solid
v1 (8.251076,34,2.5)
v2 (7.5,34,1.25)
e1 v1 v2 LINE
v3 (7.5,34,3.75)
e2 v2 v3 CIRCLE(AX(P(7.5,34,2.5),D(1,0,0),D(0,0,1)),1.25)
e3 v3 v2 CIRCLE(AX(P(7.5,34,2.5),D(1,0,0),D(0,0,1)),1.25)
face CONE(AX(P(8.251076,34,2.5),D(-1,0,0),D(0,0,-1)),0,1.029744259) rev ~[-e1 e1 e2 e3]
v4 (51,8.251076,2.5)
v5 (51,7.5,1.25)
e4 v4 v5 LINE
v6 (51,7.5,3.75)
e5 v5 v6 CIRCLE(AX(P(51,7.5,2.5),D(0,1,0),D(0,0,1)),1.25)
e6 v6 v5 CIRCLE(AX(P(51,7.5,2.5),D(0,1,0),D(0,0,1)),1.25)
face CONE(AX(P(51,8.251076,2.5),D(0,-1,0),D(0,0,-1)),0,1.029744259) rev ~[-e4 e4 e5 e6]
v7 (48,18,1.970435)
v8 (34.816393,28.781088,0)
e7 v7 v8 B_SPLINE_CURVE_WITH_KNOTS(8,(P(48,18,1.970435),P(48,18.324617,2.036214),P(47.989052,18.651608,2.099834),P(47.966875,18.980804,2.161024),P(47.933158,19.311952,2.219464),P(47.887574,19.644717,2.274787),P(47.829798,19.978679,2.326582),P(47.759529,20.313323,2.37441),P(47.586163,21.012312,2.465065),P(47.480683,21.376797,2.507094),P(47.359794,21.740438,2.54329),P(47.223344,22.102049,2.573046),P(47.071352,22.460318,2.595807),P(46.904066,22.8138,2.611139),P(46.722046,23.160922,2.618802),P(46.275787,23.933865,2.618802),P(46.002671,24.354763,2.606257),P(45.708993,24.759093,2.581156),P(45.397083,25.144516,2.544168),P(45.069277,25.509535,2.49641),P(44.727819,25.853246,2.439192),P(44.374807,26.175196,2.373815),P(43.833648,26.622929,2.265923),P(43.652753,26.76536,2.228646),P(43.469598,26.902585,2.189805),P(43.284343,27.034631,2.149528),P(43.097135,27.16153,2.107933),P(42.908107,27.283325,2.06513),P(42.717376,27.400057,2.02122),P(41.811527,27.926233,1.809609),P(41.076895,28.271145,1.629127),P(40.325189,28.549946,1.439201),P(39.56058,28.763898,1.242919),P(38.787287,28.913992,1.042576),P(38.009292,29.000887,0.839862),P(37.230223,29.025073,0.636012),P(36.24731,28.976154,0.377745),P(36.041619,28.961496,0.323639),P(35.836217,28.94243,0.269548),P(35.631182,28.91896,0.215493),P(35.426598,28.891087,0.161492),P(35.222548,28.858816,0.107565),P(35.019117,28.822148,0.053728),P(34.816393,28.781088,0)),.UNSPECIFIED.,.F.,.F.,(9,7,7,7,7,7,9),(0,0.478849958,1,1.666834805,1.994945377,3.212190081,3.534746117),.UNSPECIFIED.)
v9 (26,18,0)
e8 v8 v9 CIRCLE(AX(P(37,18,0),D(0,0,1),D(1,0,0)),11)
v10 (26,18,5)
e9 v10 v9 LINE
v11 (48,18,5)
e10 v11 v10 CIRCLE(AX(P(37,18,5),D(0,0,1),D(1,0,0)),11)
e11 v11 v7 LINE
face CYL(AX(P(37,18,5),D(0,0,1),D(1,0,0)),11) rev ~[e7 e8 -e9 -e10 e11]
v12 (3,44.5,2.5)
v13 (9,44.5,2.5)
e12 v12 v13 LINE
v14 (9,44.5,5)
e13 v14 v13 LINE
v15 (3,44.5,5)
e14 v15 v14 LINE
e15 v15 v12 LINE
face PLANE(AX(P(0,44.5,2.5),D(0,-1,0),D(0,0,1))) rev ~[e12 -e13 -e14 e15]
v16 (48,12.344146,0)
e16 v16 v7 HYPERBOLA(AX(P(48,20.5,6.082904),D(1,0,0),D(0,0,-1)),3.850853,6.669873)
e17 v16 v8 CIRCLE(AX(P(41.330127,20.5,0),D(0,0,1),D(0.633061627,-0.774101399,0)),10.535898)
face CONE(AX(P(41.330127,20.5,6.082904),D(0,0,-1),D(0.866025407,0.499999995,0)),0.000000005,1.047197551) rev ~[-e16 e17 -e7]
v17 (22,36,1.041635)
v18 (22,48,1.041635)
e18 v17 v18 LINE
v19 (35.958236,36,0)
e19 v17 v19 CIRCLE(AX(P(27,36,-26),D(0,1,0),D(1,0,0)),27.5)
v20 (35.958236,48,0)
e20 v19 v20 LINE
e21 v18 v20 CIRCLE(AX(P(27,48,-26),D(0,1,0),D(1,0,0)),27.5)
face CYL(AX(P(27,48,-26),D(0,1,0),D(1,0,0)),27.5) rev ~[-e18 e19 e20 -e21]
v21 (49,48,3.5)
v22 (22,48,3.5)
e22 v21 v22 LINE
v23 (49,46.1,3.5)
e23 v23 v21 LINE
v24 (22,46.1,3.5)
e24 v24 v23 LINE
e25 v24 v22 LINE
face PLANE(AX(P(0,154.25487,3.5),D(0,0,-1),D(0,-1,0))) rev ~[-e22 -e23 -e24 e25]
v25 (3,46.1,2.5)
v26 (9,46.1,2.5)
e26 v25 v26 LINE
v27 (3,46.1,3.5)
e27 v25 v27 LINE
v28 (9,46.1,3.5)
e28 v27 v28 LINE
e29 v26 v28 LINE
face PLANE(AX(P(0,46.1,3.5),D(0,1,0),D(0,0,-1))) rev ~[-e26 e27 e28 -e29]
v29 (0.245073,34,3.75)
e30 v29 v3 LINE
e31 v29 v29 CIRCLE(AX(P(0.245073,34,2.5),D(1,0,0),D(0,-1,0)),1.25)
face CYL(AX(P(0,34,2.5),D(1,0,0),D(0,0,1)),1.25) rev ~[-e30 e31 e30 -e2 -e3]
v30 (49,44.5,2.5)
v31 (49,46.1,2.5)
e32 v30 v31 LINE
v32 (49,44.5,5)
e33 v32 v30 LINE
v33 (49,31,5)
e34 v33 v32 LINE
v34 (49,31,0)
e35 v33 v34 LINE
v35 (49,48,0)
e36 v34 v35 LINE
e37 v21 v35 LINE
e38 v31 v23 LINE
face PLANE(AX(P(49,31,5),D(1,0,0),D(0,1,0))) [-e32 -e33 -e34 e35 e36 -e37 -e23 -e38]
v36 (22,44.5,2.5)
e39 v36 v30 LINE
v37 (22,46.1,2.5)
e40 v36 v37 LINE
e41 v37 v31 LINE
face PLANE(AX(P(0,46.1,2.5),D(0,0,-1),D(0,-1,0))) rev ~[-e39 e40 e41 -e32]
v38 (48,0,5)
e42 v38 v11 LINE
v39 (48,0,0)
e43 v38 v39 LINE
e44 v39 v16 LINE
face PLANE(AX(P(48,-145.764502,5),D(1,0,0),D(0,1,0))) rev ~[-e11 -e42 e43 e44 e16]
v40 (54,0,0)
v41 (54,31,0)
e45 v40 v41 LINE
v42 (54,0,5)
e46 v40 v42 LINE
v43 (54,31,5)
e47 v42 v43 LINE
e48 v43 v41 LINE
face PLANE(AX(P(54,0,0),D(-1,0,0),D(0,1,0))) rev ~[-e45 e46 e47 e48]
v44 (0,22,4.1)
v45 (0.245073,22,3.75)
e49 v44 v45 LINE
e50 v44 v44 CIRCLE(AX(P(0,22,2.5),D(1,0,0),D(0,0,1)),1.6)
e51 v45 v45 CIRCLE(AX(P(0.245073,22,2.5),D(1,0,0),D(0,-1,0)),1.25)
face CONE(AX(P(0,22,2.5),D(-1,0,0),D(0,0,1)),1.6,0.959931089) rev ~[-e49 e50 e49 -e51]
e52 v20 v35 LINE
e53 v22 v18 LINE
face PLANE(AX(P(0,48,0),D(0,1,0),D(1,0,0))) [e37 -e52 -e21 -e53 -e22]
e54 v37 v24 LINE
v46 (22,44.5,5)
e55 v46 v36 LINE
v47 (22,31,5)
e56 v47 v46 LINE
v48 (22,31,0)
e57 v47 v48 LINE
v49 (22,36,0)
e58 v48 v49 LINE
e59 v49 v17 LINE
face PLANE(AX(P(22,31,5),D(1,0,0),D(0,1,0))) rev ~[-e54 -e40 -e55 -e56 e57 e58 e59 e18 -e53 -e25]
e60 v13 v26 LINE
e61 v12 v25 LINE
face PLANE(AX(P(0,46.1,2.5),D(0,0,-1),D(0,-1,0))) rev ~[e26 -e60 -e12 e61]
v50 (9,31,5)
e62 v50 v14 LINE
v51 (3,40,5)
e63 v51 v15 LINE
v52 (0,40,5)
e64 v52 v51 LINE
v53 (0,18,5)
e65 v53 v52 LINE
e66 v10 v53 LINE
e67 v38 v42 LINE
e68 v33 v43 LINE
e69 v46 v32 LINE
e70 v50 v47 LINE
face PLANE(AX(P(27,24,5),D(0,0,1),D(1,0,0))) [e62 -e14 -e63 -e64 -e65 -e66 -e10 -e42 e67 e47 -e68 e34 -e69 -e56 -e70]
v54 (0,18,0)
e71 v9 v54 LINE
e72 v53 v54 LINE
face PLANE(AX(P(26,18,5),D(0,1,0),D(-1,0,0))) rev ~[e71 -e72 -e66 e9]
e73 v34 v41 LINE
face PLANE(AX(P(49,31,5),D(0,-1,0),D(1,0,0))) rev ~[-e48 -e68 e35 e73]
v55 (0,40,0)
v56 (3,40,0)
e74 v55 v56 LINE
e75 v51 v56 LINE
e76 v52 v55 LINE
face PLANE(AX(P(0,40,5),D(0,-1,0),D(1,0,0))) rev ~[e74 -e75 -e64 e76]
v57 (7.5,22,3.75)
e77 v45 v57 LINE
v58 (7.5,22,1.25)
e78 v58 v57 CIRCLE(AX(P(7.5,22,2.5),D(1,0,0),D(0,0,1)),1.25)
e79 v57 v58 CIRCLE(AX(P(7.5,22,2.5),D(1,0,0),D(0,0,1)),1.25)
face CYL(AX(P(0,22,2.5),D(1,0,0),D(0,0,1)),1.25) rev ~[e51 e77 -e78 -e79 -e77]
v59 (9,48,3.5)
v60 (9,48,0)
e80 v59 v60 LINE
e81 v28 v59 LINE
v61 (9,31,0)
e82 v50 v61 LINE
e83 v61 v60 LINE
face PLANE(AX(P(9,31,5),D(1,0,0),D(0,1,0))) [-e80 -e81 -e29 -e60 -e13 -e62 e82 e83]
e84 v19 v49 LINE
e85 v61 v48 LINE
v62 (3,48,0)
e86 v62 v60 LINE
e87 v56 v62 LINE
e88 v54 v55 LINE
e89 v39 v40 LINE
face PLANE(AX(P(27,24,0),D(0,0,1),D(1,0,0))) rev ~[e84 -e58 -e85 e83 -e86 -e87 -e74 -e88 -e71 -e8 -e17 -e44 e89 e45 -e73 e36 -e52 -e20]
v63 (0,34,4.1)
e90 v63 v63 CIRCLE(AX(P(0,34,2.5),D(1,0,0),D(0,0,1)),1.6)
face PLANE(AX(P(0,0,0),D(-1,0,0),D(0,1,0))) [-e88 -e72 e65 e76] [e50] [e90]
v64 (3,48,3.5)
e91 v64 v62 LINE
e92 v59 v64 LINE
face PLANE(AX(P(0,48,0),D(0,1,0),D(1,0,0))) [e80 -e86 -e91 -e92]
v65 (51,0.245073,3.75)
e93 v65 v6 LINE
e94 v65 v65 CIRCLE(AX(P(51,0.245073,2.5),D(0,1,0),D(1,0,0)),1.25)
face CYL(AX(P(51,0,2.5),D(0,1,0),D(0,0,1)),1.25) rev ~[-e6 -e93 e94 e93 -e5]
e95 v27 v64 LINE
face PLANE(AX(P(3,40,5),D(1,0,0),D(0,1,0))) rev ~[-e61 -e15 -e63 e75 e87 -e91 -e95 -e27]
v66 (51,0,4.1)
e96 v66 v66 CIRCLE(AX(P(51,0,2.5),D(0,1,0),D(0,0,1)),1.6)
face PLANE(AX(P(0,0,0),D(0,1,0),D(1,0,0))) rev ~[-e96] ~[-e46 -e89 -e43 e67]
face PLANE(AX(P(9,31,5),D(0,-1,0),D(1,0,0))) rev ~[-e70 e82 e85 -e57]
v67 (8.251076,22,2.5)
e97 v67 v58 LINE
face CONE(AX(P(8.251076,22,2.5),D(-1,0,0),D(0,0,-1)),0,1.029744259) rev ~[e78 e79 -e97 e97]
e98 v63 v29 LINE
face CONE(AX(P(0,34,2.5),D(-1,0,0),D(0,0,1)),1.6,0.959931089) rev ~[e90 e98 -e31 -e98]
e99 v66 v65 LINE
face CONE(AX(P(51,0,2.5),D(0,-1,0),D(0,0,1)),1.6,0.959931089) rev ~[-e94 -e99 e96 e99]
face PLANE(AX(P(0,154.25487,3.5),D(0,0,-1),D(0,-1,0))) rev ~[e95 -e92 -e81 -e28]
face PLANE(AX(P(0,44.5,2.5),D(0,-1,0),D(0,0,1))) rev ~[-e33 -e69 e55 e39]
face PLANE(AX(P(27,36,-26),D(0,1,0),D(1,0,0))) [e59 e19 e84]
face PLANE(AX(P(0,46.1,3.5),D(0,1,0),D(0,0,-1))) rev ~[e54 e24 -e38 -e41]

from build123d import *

# Parameters (mm, degrees)
SKETCH_1_W                            = 54
SKETCH_1_H                            = 48
EXTRUDE_1_DEPTH                       = 5
SKETCH_3_W                            = 3
SKETCH_3_H                            = 8
SKETCH_3_W_2                          = 13
SKETCH_3_H_2                          = 17
SKETCH_3_W_3                          = 5
CUT_EXTRUDE_1_DEPTH                   = 6
CUT_EXTRUDE_2_DEPTH                   = 55
CUT_EXTRUDE_3_DEPTH                   = 6
CUT_EXTRUDE_4_DEPTH                   = 12
HOLE_WIZARD_M31_D                     = 2.5
HOLE_WIZARD_M31_DEPTH                 = 7.5
HOLE_WIZARD_M31_CSINK_D               = 3.2
HOLE_WIZARD_M31_CSINK_ANGLE           = 110
HOLE_WIZARD_M31_TIP                   = 0.751075774
HOLE_WIZARD_M31_ON_FACE_2_D           = 2.5
HOLE_WIZARD_M31_ON_FACE_2_DEPTH       = 7.5
HOLE_WIZARD_M31_ON_FACE_2_CSINK_D     = 3.2
HOLE_WIZARD_M31_ON_FACE_2_CSINK_ANGLE = 110
HOLE_WIZARD_M31_ON_FACE_2_TIP         = 0.751075774


with BuildPart() as part:
    # Эскиз1 → Бобышка-Вытянуть1 (new body)
    with BuildSketch(Plane.XY):
        with Locations((27, 24)):
            Rectangle(SKETCH_1_W, SKETCH_1_H)
    extrude(amount=EXTRUDE_1_DEPTH)

    # Эскиз3 → Вырез-Вытянуть1 (cut, through all)
    with BuildSketch(Plane.XY.offset(5)):
        with Locations((1.5, 44)):
            Rectangle(SKETCH_3_W, SKETCH_3_H)
        with Locations((15.5, 39.5)):
            Rectangle(SKETCH_3_W_2, SKETCH_3_H_2)
        with Locations((51.5, 39.5)):
            Rectangle(SKETCH_3_W_3, SKETCH_3_H_2)
    extrude(amount=-CUT_EXTRUDE_1_DEPTH, mode=Mode.SUBTRACT)

    # Эскиз4 → Вырез-Вытянуть2 (cut, through all)
    with BuildSketch(Plane.ZY):
        Polygon((3.5, 154.254870007), (3.5, 48), (3.5, 46.1), (2.5, 46.1), (2.5, 44.5), (5, 44.5), (111.254870007, 44.5), (262.897242217, 193.3790803), (155.14237221, 303.133950307), align=None)
    extrude(amount=-CUT_EXTRUDE_2_DEPTH, mode=Mode.SUBTRACT)

    # Эскиз5 → Вырез-Вытянуть3 (cut, through all)
    with BuildSketch(Plane.XY.offset(5)):
        with BuildLine():
            Line((48, -145.764501988), (48, 0))
            Line((48, 0), (48, 18))
            ThreePointArc((48, 18), (37, 29), (26, 18))
            Line((26, 18), (0, 18))
            Line((0, 18), (-145.764501988, 18))
            Line((-145.764501988, 18), (-333.948083842, -204.656910244))
            Line((-333.948083842, -204.656910244), (-140.183581854, -368.421412232))
            Line((-140.183581854, -368.421412232), (48, -145.764501988))
        make_face()
    extrude(amount=-CUT_EXTRUDE_3_DEPTH, mode=Mode.SUBTRACT)

    # Эскиз6 → Вырез-Вытянуть4 (cut)
    with BuildSketch(Plane(origin=(0, 48, 0), x_dir=(1, 0, 0), z_dir=(0, 1, 0))):
        with BuildLine():
            ThreePointArc((35.958236434, 0), (49.389746559, 10.032869731), (54.5, 26))
            ThreePointArc((54.5, 26), (4.610253441, 41.967130269), (35.958236434, 0))
        make_face()
    extrude(amount=-CUT_EXTRUDE_4_DEPTH, mode=Mode.SUBTRACT)

    # Отверстие обработанное метчиком M31
    with Locations(Plane(origin=(0, 22, 2.5), x_dir=(0, 0, -1), z_dir=(-1, 0, 0))):
        with Locations((0, 0), (0, -12)):
            CounterSinkHole(HOLE_WIZARD_M31_D / 2, HOLE_WIZARD_M31_CSINK_D / 2, depth=HOLE_WIZARD_M31_DEPTH, counter_sink_angle=HOLE_WIZARD_M31_CSINK_ANGLE)
            with Locations((0, 0, -(HOLE_WIZARD_M31_DEPTH + HOLE_WIZARD_M31_TIP / 2))):  # 118° drill point
                Cone(0, HOLE_WIZARD_M31_D / 2, HOLE_WIZARD_M31_TIP, mode=Mode.SUBTRACT)

    # Отверстие обработанное метчиком M31 on face 2
    with Locations(Plane(origin=(51, 0, 2.5), x_dir=(0, 0, -1), z_dir=(0, -1, 0))):
        with Locations((0, 0)):
            CounterSinkHole(HOLE_WIZARD_M31_ON_FACE_2_D / 2, HOLE_WIZARD_M31_ON_FACE_2_CSINK_D / 2, depth=HOLE_WIZARD_M31_ON_FACE_2_DEPTH, counter_sink_angle=HOLE_WIZARD_M31_ON_FACE_2_CSINK_ANGLE)
            with Locations((0, 0, -(HOLE_WIZARD_M31_ON_FACE_2_DEPTH + HOLE_WIZARD_M31_ON_FACE_2_TIP / 2))):  # 118° drill point
                Cone(0, HOLE_WIZARD_M31_ON_FACE_2_D / 2, HOLE_WIZARD_M31_ON_FACE_2_TIP, mode=Mode.SUBTRACT)

    # Эскиз10 → Вырез-Повернуть1 (revolve, cut)
    with BuildSketch(Plane(origin=(1.455771366, -2.52146997, 0), x_dir=(0, 0, -1), z_dir=(-0.5, 0.866025404, 0))):
        Polygon((-6.082903769, -46.04293994), (2, -60.04293994), (2, -46.04293994), align=None)
    revolve(axis=Axis((41.330127019, 20.5, 5.306460427), (0, 0, -1)), mode=Mode.SUBTRACT)


solid = part.part
